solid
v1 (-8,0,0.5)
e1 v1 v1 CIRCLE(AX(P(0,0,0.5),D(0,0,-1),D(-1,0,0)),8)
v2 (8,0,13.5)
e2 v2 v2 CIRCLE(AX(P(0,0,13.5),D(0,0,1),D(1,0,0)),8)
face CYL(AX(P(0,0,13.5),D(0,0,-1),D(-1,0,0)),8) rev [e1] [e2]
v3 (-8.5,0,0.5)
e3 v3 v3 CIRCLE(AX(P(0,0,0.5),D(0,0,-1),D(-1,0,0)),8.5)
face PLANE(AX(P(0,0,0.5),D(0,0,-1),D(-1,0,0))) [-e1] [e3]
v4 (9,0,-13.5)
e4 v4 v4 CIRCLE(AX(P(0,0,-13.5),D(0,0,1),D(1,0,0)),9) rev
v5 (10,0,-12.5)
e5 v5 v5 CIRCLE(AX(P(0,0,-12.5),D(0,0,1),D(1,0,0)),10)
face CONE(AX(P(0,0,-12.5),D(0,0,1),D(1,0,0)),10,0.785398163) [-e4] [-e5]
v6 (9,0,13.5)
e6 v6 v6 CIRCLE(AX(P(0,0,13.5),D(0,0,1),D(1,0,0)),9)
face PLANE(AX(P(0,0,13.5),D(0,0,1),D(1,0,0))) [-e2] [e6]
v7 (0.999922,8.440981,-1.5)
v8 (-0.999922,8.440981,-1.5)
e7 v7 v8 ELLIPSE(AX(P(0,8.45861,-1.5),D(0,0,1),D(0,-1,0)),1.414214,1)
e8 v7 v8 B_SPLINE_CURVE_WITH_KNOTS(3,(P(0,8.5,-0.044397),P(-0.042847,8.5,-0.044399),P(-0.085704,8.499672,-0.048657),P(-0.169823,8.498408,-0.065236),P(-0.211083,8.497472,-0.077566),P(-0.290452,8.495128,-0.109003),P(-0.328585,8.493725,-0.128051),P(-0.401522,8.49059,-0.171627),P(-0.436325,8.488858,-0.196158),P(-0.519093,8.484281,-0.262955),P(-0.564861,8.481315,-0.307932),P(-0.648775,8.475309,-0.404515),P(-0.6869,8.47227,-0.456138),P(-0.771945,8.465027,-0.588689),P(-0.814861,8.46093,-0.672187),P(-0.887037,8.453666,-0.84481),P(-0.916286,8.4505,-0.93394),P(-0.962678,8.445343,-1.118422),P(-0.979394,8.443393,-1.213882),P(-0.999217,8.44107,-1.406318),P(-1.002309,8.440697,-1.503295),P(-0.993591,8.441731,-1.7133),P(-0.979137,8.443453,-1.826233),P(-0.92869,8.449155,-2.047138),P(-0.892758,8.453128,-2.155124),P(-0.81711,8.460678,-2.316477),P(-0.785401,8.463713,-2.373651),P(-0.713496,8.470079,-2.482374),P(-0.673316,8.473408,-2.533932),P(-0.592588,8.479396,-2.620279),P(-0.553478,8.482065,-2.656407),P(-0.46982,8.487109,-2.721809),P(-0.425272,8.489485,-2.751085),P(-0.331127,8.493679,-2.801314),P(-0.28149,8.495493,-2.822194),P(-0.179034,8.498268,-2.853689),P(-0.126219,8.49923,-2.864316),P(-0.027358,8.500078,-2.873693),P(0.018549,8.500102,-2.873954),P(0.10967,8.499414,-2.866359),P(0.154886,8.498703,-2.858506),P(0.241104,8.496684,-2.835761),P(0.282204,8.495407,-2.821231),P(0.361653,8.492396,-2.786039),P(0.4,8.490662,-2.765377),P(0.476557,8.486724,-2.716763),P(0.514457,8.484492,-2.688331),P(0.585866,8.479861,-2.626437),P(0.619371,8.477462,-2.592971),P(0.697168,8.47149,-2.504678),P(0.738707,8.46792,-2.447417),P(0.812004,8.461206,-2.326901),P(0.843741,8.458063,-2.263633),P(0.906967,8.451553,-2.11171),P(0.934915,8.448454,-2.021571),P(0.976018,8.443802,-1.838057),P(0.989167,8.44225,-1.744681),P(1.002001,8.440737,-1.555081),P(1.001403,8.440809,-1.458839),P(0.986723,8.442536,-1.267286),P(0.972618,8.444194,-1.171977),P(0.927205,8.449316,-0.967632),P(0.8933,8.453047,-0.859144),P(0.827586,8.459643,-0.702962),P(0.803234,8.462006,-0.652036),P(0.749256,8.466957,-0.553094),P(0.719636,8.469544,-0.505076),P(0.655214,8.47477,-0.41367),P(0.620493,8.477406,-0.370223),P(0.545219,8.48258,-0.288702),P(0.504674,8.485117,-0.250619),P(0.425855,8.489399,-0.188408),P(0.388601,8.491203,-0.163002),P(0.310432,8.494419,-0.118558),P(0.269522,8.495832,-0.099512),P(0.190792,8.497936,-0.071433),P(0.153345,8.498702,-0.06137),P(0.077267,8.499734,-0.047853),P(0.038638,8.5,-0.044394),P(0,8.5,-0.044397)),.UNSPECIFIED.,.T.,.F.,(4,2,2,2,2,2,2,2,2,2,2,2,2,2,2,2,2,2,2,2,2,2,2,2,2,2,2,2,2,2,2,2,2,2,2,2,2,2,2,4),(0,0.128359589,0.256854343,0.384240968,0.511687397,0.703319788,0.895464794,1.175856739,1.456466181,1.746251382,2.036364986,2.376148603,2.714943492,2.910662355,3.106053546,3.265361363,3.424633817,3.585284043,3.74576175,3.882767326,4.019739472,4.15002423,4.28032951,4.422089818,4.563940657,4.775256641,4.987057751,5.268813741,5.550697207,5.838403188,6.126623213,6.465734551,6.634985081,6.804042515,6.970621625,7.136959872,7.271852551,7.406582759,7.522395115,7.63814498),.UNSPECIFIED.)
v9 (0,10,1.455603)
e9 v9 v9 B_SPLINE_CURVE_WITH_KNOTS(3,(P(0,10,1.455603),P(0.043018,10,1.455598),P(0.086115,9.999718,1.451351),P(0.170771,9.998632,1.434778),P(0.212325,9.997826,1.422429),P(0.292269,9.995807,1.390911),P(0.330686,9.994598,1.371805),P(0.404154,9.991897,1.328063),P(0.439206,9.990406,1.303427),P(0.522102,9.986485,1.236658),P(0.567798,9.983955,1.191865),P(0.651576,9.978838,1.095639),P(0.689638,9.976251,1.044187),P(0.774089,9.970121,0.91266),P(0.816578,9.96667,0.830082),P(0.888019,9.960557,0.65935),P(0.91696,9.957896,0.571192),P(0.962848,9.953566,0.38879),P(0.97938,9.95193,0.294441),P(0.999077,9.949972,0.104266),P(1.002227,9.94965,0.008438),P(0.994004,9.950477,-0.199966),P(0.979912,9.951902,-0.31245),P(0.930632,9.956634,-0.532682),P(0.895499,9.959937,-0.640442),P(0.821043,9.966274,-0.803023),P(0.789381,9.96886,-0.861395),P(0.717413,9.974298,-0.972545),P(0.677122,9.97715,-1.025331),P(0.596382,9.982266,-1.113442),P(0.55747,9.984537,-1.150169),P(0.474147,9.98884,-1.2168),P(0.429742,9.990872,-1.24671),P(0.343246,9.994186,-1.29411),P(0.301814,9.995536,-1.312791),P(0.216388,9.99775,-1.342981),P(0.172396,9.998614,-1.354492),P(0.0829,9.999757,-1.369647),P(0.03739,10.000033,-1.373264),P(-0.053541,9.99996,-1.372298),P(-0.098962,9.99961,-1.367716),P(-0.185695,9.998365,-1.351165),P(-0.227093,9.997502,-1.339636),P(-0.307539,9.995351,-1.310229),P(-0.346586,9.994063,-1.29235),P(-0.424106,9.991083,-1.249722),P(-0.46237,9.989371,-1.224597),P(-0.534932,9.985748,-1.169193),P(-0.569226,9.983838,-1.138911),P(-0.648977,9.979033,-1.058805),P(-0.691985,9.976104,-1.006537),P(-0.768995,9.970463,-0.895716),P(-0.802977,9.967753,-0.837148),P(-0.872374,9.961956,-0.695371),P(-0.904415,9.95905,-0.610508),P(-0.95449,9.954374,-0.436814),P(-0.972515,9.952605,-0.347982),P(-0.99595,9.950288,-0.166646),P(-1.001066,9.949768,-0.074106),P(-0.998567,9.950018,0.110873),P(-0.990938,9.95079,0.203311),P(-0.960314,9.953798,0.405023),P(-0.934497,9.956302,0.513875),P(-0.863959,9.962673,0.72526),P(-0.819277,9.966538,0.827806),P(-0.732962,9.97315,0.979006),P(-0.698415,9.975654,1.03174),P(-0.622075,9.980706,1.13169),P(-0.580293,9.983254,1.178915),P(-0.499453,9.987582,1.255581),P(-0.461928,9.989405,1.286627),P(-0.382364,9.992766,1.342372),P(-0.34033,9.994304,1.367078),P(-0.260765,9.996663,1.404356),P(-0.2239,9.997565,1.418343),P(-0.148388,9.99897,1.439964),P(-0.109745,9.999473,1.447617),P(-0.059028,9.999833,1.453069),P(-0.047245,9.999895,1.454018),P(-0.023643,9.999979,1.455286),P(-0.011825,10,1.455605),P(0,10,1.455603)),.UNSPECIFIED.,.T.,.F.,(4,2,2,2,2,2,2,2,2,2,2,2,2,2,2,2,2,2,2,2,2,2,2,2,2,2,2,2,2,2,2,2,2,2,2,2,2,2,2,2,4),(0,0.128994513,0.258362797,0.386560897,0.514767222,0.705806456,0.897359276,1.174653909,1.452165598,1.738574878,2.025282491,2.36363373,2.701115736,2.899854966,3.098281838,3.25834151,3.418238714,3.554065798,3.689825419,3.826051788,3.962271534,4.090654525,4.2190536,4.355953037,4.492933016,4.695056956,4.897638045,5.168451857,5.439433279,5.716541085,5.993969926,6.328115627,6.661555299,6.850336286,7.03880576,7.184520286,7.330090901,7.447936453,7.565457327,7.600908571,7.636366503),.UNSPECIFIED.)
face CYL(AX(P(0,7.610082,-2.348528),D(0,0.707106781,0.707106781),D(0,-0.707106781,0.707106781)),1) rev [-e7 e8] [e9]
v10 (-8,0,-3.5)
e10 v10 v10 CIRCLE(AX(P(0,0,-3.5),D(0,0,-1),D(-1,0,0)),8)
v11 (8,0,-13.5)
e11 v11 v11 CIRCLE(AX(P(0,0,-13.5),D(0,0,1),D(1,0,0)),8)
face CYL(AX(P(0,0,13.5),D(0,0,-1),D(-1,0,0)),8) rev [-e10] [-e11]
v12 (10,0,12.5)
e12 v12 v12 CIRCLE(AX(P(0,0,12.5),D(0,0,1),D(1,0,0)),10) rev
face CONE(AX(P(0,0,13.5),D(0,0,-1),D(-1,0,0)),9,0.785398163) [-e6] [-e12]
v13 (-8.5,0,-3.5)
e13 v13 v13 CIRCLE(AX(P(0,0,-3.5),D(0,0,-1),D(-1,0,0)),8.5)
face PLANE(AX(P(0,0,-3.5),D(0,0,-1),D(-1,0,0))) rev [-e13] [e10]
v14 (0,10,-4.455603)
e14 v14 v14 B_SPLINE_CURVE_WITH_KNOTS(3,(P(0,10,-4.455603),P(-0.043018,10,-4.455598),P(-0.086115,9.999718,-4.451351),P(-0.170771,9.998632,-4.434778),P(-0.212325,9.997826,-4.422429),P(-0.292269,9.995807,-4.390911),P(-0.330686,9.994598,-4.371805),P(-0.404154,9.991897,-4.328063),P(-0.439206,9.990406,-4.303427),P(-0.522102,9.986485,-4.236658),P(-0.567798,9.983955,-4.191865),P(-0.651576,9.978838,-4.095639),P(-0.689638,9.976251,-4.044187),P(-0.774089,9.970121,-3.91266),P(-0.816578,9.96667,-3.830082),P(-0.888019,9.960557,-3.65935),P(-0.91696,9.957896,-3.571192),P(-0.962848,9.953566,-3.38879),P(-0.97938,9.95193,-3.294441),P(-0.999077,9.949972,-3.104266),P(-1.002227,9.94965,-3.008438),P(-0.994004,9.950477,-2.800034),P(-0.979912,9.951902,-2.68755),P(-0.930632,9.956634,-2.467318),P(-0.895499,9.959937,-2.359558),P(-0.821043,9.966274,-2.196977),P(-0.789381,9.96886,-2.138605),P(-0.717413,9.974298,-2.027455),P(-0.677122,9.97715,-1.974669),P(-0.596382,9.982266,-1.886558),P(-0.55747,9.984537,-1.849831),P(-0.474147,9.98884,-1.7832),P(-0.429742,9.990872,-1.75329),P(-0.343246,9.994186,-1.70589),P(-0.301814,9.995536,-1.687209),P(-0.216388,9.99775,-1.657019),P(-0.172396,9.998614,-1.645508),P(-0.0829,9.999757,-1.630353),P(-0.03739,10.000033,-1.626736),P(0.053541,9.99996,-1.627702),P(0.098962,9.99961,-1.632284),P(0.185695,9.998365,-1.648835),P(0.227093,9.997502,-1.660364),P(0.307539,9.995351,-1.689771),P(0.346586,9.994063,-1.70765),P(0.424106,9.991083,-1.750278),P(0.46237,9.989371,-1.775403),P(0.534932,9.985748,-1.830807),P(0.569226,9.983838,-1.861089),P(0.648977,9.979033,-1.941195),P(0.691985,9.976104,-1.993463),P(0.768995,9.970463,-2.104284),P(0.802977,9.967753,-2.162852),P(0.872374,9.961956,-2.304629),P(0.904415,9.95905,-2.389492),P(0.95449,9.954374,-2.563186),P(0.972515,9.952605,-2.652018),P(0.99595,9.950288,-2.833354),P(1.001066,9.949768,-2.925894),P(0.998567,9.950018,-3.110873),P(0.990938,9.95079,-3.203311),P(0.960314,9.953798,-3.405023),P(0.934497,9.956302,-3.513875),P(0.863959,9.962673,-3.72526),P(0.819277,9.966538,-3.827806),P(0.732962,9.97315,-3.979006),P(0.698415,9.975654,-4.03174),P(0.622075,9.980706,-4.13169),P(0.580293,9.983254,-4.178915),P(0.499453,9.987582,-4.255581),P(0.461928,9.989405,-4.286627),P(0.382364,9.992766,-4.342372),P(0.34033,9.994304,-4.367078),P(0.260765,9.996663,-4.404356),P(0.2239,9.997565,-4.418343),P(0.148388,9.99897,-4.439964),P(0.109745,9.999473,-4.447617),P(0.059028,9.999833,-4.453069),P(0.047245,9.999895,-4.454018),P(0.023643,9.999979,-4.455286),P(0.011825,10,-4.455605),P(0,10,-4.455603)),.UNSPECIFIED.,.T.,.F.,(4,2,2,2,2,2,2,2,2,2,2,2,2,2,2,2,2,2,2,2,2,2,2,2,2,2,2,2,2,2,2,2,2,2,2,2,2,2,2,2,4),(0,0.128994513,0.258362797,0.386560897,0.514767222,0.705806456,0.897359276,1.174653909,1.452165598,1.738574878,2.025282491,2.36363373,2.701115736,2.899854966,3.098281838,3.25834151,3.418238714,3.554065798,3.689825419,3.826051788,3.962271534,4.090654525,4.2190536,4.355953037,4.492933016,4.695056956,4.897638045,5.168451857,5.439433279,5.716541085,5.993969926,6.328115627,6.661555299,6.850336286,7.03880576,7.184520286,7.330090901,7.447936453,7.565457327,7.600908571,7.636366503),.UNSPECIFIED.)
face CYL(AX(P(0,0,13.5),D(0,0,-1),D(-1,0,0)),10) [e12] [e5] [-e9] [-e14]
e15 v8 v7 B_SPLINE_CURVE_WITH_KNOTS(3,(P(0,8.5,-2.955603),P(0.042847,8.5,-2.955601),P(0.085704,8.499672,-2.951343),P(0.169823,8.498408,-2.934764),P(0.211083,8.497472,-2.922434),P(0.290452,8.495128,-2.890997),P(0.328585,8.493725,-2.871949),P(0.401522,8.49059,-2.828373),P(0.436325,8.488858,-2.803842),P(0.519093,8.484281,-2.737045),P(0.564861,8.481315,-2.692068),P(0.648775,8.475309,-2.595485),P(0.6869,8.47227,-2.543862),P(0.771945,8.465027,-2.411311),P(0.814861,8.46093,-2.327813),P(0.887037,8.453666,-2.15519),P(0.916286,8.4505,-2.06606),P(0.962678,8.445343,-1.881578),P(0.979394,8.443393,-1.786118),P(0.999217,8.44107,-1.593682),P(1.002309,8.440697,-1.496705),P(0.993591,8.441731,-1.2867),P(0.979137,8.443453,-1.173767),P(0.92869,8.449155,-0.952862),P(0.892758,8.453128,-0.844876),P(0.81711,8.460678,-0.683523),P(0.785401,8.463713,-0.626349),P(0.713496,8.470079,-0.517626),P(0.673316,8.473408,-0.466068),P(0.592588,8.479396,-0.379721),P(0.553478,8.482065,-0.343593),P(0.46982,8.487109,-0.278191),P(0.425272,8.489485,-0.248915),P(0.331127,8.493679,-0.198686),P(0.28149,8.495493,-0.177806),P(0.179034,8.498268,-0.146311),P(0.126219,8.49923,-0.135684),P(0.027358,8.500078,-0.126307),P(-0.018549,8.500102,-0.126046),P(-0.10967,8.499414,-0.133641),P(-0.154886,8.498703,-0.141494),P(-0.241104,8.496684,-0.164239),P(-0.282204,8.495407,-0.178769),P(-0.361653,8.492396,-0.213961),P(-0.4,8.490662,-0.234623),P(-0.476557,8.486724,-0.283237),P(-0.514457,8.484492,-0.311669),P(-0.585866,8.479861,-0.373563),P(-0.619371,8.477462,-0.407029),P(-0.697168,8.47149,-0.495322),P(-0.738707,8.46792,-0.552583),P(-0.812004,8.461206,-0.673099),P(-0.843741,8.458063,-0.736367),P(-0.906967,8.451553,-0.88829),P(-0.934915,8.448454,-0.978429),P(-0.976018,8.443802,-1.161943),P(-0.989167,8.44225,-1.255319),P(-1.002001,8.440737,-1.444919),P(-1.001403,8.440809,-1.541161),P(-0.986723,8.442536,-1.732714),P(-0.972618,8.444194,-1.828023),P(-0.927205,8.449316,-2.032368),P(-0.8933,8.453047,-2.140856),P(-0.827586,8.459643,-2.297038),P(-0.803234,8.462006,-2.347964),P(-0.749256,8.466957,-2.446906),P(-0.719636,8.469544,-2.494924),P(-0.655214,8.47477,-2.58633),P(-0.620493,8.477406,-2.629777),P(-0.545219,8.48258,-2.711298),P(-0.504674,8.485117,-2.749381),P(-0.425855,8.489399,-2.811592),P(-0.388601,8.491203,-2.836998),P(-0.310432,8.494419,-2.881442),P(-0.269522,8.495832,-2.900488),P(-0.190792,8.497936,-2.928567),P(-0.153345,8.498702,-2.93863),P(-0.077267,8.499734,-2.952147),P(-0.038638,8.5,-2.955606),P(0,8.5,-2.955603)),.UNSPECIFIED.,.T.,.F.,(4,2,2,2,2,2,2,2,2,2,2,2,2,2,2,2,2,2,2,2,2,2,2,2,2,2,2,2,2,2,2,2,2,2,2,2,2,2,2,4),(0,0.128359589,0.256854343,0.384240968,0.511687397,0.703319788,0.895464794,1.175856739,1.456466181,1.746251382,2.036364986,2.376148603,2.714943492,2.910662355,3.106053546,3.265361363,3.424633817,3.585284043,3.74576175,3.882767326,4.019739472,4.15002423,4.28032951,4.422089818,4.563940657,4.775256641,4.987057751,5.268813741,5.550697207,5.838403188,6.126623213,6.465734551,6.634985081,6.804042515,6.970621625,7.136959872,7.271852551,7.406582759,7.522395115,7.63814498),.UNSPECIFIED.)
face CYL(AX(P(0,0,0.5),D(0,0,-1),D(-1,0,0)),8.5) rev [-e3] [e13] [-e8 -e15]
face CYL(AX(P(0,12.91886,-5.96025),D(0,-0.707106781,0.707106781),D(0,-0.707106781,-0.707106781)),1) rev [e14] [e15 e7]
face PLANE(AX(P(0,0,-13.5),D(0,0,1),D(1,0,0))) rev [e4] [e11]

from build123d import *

# Parameters (mm, degrees)
SKETCH_1_R          = 10
SKETCH_1_R_2        = 8
EXTRUDE_1_DEPTH     = 13.5
CHAMFER_1_SIZE      = 1
CUT_EXTRUDE_START   = -10
SKETCH_2_R          = 8.5
CUT_EXTRUDE_1_DEPTH = 4
SWEEP_1_PROFILE_R   = 1


with BuildPart() as part:
    # 草图1 → 凸台-拉伸1 (new, symmetric)
    with BuildSketch(Plane.XY):
        Circle(SKETCH_1_R)
        Circle(SKETCH_1_R_2, mode=Mode.SUBTRACT)
    extrude(amount=EXTRUDE_1_DEPTH, both=True)

    # 倒角1
    chamfer_1_edges = [part.edges().sort_by_distance(p)[0] for p in [
        (-10, 0, -13.5),
        (-10, 0, 13.5),
    ]]
    chamfer(chamfer_1_edges, length=CHAMFER_1_SIZE)

    # 草图2 → 切除-拉伸1 (cut)
    with BuildSketch(Plane(origin=(0, 0, -13.5), x_dir=(-1, 0, 0), z_dir=(0, 0, -1)).offset(CUT_EXTRUDE_START)):
        Circle(SKETCH_2_R)
    extrude(amount=-CUT_EXTRUDE_1_DEPTH, mode=Mode.SUBTRACT)

    # 切除-扫描1: sweep along a path in 草图3
    with BuildLine(Plane(origin=(0, 0, 0), x_dir=(0, 0, -1), z_dir=(1, 0, 0))) as sweep_1_path:
        Line((5.960249648, 12.918859865), (1.5, 8.458610217))
        Line((1.5, 8.458610217), (-2.960249648, 12.918859865))
    # 切除-扫描1 profile (on start of the path) → 切除-扫描1 (sweep, cut)
    with BuildSketch(Plane(origin=(0, 12.918859865, -5.960249648), x_dir=(0, 0.7071067811865478, 0.7071067811865472), z_dir=(0, -0.7071067811865472, 0.7071067811865478))):
        Circle(SWEEP_1_PROFILE_R)
    sweep(path=sweep_1_path.line, transition=Transition.RIGHT, mode=Mode.SUBTRACT)


solid = part.part
